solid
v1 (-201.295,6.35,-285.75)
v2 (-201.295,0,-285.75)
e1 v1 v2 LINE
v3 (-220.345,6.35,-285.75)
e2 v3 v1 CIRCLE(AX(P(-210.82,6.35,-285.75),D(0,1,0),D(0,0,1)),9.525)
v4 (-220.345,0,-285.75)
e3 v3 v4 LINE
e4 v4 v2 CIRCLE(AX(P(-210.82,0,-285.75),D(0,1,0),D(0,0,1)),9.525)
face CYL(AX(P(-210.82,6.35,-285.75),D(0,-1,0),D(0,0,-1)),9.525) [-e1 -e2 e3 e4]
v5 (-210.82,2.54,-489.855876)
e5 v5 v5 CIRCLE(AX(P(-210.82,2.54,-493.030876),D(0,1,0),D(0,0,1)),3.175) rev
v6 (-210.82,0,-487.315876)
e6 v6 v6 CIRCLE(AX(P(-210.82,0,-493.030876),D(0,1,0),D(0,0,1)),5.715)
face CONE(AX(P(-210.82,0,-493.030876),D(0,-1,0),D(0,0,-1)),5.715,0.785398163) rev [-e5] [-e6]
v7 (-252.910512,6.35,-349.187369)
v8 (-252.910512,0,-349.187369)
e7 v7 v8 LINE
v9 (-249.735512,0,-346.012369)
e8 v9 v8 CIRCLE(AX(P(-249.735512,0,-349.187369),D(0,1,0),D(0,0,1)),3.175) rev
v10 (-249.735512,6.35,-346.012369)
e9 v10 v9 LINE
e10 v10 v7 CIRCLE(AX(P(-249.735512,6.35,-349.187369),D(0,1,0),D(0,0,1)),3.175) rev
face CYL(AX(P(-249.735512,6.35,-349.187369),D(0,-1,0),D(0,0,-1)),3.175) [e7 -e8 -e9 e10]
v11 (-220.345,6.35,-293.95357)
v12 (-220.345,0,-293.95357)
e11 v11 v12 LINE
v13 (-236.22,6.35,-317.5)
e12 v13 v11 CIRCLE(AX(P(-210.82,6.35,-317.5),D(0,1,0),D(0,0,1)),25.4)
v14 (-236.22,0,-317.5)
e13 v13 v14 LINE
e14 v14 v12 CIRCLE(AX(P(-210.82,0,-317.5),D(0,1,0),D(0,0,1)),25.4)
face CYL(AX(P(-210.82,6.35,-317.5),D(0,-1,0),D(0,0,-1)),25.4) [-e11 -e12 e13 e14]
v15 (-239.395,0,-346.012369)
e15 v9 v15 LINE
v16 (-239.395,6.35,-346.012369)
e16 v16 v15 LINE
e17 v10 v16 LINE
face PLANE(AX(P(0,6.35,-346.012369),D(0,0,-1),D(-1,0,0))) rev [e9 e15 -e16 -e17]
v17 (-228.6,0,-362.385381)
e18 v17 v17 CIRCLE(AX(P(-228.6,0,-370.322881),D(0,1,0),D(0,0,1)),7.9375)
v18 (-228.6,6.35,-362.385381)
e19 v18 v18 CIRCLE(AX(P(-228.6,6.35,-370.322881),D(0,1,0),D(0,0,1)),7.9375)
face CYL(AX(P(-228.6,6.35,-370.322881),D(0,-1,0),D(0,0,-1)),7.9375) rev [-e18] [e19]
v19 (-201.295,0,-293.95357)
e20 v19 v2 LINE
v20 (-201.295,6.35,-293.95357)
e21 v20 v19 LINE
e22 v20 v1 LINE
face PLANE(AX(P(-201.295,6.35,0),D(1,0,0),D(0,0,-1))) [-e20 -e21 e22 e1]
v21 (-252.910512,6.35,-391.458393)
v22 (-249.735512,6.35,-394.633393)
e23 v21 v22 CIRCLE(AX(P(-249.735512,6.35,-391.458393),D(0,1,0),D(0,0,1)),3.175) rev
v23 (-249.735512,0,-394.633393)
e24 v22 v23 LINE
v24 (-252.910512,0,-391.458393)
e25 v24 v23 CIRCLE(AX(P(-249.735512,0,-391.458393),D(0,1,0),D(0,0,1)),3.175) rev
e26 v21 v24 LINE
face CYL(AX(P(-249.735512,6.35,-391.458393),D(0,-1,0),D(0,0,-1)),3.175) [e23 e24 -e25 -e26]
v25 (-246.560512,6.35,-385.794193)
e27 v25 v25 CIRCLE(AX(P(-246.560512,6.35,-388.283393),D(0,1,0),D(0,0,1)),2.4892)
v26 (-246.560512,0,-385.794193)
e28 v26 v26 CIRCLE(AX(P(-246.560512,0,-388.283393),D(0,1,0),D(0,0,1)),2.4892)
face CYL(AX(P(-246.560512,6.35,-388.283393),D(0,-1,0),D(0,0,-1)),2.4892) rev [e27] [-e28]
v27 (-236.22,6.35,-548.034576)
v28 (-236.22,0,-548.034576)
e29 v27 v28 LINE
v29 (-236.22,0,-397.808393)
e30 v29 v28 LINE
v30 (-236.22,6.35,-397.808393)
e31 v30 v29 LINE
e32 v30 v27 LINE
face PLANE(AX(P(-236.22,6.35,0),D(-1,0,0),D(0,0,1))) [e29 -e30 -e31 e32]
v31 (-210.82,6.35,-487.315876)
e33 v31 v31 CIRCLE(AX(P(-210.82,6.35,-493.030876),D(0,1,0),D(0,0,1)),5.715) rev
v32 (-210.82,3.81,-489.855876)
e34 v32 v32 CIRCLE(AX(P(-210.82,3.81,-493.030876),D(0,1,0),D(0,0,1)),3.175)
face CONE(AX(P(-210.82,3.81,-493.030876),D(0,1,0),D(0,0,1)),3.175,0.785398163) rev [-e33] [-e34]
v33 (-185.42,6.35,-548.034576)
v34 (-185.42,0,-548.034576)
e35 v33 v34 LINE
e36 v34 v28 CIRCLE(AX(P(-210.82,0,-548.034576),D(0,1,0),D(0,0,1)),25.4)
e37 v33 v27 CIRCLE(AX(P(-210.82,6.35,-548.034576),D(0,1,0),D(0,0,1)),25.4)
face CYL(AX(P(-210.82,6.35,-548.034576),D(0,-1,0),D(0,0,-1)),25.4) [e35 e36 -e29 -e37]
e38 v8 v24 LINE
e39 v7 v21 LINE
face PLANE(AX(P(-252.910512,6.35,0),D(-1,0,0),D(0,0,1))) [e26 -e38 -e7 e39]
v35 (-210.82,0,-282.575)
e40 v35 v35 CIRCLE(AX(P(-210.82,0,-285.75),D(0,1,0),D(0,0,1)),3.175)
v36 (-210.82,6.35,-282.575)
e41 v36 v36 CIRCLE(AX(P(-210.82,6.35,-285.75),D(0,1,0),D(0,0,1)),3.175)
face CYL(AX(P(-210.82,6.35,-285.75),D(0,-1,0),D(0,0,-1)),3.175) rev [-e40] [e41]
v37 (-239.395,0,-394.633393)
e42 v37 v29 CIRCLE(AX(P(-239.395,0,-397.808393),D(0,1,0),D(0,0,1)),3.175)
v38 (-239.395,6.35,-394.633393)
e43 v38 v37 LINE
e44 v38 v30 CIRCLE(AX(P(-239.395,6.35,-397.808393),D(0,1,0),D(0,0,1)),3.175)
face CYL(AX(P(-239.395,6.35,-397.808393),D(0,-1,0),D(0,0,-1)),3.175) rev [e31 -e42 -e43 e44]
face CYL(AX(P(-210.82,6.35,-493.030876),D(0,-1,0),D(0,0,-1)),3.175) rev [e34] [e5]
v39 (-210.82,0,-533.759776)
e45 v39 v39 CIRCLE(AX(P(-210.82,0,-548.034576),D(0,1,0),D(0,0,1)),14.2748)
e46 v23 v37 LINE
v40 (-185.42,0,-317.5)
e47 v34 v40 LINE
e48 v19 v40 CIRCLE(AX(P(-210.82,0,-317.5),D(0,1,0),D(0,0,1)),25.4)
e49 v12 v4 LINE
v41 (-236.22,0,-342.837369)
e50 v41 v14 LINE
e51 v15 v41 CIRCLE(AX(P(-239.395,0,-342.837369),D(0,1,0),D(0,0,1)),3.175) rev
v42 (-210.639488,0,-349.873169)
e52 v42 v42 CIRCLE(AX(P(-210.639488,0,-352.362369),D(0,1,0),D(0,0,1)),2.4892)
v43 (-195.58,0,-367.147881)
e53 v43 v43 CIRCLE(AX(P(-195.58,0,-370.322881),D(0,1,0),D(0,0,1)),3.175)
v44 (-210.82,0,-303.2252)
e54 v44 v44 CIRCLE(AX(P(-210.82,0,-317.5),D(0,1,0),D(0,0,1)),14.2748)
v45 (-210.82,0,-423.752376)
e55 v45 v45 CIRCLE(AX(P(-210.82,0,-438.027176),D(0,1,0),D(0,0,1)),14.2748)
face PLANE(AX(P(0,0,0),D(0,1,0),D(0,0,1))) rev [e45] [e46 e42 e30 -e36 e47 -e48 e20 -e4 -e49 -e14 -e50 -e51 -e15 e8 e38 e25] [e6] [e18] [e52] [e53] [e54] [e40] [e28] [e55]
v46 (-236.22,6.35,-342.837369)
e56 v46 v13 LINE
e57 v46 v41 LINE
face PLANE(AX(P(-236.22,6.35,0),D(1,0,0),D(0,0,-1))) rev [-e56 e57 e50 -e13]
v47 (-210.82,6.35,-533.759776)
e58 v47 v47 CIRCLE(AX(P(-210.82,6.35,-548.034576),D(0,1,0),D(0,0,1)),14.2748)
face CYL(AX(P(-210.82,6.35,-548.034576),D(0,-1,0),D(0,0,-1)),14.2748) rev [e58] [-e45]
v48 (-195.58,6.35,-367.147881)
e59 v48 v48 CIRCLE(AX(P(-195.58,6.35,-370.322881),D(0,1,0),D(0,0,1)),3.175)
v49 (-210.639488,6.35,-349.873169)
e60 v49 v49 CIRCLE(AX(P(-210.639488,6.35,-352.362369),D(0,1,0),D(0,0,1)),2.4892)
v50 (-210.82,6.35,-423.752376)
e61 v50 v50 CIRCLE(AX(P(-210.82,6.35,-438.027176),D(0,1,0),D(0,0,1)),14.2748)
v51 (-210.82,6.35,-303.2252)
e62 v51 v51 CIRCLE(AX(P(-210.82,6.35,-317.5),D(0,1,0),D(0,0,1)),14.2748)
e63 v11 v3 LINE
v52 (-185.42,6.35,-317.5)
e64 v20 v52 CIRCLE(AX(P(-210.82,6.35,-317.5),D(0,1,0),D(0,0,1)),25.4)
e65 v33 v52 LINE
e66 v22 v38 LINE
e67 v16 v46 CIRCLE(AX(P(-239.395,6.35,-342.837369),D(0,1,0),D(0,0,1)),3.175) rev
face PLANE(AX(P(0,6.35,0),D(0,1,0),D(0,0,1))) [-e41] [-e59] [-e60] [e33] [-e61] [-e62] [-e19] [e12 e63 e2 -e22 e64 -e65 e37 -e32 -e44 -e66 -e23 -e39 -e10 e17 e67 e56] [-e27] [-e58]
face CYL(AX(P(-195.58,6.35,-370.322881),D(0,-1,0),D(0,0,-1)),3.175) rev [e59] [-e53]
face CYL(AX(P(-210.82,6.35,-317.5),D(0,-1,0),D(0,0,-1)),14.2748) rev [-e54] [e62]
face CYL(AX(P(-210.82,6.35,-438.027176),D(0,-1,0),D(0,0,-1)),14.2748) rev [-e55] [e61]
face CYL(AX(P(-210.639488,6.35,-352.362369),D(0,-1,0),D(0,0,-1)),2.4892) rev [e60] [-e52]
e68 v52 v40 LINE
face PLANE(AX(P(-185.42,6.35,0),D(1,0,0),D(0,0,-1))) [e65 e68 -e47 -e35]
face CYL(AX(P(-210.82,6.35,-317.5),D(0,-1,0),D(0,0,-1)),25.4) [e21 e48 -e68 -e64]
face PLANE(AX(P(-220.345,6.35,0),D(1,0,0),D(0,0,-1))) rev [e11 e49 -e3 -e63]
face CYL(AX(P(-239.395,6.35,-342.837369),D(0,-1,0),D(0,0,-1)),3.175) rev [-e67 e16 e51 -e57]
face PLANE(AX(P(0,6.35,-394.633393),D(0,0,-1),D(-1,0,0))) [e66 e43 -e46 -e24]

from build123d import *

# Parameters (mm, degrees)
SKETCH3_R           = 14.2748
SKETCH3_R_2         = 7.9375
SKETCH3_R_3         = 2.4892
SKETCH3_R_4         = 3.175
BOSS_EXTRUDE1_DEPTH = 6.35
CHAMFER1_SIZE       = 2.54


with BuildPart() as part:
    # Sketch3 → Boss-Extrude1 (new body)
    with BuildSketch(Plane(origin=(0, 0, 0), x_dir=(1, 0, 0), z_dir=(0, 1, 0))):
        with BuildLine():
            Line((-249.735512242, 346.01236887), (-239.395, 346.01236887))
            ThreePointArc((-239.395, 346.01236887), (-237.14993597, 345.0824329), (-236.22, 342.83736887))
            Line((-236.22, 342.83736887), (-236.22, 317.5))
            ThreePointArc((-236.22, 317.5), (-231.880567419, 303.300968343), (-220.345, 293.953569803))
            Line((-220.345, 293.953569803), (-220.345, 285.75))
            ThreePointArc((-220.345, 285.75), (-210.82, 276.225), (-201.295, 285.75))
            Line((-201.295, 285.75), (-201.295, 293.953569803))
            ThreePointArc((-201.295, 293.953569803), (-189.759432581, 303.300968343), (-185.42, 317.5))
            Line((-185.42, 317.5), (-185.42, 548.034576396))
            ThreePointArc((-185.42, 548.034576396), (-210.82, 573.434576396), (-236.22, 548.034576396))
            Line((-236.22, 548.034576396), (-236.22, 397.808393354))
            ThreePointArc((-236.22, 397.808393354), (-237.14993597, 395.563329324), (-239.395, 394.633393354))
            Line((-239.395, 394.633393354), (-249.735512242, 394.633393354))
            ThreePointArc((-249.735512242, 394.633393354), (-251.980576272, 393.703457384), (-252.910512242, 391.458393354))
            Line((-252.910512242, 391.458393354), (-252.910512242, 349.18736887))
            ThreePointArc((-252.910512242, 349.18736887), (-251.980576272, 346.942304839), (-249.735512242, 346.01236887))
        make_face()
        with Locations((-210.82, 548.034576396)):
            Circle(SKETCH3_R, mode=Mode.SUBTRACT)
        with Locations((-210.82, 438.027176396)):
            Circle(SKETCH3_R, mode=Mode.SUBTRACT)
        with Locations((-210.82, 317.5)):
            Circle(SKETCH3_R, mode=Mode.SUBTRACT)
        with Locations((-228.6, 370.322881112)):
            Circle(SKETCH3_R_2, mode=Mode.SUBTRACT)
        with Locations((-246.560512242, 388.283393354)):
            Circle(SKETCH3_R_3, mode=Mode.SUBTRACT)
        with Locations((-210.639487758, 352.36236887)):
            Circle(SKETCH3_R_3, mode=Mode.SUBTRACT)
        with Locations((-210.82, 285.75)):
            Circle(SKETCH3_R_4, mode=Mode.SUBTRACT)
        with Locations((-210.82, 493.030876396)):
            Circle(SKETCH3_R_4, mode=Mode.SUBTRACT)
        with Locations((-195.58, 370.322881112)):
            Circle(SKETCH3_R_4, mode=Mode.SUBTRACT)
    extrude(amount=BOSS_EXTRUDE1_DEPTH)

    # Chamfer1
    chamfer1_edges = [part.edges().sort_by_distance(p)[0] for p in [
        (-213.995, 6.35, -493.030876396),
        (-213.995, 0, -493.030876396),
    ]]
    chamfer(chamfer1_edges, length=CHAMFER1_SIZE)


solid = part.part
